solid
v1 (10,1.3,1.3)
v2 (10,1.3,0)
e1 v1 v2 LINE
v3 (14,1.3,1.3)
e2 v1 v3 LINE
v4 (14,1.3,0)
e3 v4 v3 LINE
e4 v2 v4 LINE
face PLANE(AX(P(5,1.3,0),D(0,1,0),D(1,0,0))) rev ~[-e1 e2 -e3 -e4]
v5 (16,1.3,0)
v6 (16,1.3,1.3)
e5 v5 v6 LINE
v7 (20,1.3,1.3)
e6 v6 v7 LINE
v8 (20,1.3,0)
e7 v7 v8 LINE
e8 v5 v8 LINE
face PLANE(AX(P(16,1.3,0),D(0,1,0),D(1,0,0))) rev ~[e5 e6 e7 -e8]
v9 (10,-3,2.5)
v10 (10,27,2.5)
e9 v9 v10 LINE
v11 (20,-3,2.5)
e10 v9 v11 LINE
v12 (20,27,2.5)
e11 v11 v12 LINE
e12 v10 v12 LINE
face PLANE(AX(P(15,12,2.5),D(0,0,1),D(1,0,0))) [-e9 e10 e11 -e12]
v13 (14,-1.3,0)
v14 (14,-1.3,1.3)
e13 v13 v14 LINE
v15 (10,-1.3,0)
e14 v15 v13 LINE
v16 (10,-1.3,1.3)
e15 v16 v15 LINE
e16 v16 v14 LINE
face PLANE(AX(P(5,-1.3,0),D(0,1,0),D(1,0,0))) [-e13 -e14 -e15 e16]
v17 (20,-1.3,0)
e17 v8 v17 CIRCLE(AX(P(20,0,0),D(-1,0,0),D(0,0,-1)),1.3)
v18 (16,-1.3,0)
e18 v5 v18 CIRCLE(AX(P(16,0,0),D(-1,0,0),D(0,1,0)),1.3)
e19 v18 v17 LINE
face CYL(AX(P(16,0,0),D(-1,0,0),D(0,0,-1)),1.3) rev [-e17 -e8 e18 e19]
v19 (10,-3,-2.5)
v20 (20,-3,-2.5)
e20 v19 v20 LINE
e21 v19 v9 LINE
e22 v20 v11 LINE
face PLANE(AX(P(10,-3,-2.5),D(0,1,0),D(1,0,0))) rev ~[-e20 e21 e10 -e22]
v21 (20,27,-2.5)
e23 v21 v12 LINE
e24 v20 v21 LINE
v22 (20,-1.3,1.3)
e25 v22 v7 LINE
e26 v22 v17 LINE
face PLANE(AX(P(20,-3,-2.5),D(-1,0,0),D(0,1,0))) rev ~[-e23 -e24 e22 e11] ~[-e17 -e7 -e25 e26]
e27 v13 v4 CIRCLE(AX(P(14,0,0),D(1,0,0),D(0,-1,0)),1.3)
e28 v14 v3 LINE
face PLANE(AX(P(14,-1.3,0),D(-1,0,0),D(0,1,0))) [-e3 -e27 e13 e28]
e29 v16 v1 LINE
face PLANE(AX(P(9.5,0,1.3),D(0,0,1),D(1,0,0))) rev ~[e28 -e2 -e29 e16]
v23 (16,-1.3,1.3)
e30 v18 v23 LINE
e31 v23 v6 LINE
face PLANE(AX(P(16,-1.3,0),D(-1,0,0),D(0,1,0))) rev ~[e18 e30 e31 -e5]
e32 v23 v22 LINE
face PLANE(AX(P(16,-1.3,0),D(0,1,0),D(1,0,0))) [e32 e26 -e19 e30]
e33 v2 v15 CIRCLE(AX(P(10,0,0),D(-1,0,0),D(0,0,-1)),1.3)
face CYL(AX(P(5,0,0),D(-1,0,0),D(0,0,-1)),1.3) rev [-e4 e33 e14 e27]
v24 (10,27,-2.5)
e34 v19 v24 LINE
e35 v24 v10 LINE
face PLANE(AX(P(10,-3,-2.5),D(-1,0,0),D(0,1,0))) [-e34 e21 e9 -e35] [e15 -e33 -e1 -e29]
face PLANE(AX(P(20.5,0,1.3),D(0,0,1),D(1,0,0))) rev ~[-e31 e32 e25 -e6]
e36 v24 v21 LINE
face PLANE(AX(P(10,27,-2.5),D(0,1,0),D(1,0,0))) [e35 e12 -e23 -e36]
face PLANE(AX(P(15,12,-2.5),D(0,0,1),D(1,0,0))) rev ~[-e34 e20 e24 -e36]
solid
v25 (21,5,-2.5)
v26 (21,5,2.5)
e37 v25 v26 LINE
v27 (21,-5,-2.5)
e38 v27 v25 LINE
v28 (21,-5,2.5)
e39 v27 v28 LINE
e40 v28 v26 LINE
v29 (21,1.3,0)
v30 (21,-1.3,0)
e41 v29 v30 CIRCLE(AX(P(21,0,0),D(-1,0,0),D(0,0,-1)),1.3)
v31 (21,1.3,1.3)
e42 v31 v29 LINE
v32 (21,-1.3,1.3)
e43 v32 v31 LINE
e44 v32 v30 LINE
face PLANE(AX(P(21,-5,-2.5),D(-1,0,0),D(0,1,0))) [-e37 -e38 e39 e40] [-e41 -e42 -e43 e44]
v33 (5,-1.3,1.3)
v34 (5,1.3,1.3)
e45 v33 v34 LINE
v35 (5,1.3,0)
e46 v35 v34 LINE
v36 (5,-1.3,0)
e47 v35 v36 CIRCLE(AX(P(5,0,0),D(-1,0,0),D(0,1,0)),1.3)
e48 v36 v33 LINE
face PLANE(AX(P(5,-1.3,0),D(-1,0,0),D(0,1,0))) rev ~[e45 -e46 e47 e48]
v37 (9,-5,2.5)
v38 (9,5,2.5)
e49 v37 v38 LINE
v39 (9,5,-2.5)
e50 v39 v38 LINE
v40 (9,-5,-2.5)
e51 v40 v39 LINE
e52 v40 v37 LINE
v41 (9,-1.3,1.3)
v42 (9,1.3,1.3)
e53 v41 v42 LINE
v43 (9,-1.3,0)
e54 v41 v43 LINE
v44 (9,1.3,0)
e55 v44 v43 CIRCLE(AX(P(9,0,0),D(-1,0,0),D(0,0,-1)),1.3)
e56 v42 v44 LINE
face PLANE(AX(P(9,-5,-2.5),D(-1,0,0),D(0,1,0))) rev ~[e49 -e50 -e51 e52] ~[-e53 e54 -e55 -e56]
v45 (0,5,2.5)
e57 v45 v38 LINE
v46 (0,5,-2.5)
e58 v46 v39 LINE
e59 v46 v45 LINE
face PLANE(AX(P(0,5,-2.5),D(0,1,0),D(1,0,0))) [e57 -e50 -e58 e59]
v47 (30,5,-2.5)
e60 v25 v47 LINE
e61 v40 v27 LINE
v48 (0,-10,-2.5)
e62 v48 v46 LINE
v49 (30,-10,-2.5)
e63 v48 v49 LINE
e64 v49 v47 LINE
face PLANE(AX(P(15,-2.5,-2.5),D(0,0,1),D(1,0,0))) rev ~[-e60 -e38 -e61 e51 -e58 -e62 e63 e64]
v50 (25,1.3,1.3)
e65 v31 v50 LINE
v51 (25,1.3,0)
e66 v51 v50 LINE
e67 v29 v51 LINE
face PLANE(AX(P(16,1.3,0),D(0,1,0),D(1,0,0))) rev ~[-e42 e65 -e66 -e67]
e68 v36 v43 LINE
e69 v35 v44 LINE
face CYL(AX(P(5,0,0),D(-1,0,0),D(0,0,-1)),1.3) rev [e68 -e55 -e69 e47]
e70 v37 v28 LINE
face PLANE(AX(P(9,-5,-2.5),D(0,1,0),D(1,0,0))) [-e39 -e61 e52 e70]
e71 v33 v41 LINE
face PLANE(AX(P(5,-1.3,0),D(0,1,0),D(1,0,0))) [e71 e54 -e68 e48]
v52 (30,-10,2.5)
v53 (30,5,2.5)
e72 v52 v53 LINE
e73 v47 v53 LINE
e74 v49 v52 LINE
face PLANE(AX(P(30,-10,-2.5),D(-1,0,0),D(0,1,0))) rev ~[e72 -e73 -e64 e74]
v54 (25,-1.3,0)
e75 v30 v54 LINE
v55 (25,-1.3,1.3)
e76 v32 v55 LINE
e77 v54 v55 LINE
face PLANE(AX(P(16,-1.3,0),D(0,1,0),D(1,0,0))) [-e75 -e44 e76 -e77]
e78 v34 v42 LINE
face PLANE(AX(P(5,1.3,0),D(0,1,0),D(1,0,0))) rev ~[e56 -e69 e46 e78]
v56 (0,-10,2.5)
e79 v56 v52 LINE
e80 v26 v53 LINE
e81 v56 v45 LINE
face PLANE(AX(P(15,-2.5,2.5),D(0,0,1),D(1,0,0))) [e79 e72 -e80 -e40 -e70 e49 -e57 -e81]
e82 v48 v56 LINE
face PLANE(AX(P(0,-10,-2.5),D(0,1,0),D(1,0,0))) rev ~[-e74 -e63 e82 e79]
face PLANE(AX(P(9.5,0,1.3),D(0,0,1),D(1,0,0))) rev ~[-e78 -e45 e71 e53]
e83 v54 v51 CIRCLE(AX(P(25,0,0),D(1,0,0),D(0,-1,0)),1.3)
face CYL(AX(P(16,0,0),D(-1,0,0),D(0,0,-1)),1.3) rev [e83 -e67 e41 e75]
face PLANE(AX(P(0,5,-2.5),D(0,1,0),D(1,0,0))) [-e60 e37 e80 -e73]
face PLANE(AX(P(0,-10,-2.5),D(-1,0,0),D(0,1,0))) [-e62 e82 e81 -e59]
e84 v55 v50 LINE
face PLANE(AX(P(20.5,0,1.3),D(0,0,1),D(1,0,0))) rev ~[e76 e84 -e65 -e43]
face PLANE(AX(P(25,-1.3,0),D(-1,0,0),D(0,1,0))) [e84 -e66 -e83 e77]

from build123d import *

# Parameters (mm, degrees)
BOX004_W          = 9
BOX004_H          = 2.6
BOX004_DEPTH      = 1.3
CYLINDER002_R     = 1.3
CYLINDER002_DEPTH = 9
BOX002_W          = 9
BOX002_H          = 2.6
BOX002_DEPTH      = 1.3
CYLINDER001_R     = 1.3
CYLINDER001_DEPTH = 9
BOX001_W          = 10
BOX001_H          = 30
BOX001_DEPTH      = 5
BOX003_W          = 12
BOX003_H          = 30
BOX003_DEPTH      = 5
BOX_W             = 30
BOX_H             = 15
BOX_DEPTH         = 5


with BuildPart() as cube004:
    # Box004 → Box004 (new body)
    with BuildSketch(Plane(origin=(5, -1.3, 0), x_dir=(1, 0, 0), z_dir=(0, 0, 1))):
        with Locations((4.5, 1.3)):
            Rectangle(BOX004_W, BOX004_H)
    extrude(amount=BOX004_DEPTH)


with BuildPart() as fusion001:
    # Cylinder002 → Cylinder002 (new body)
    with BuildSketch(Plane(origin=(5, 0, 0), x_dir=(0, 0, -1), z_dir=(1, 0, 0))):
        Circle(CYLINDER002_R)
    extrude(amount=CYLINDER002_DEPTH)

    # Fusion001: union Cube004
    add(cube004.part)


with BuildPart() as fusion001_1:
    # Fusion001 placement: moved
    add(fusion001.part.moved(Location((11, 0, 0))))


with BuildPart() as cube002:
    # Box002 → Box002 (new body)
    with BuildSketch(Plane(origin=(5, -1.3, 0), x_dir=(1, 0, 0), z_dir=(0, 0, 1))):
        with Locations((4.5, 1.3)):
            Rectangle(BOX002_W, BOX002_H)
    extrude(amount=BOX002_DEPTH)


with BuildPart() as fusion002:
    # Cylinder001 → Cylinder001 (new body)
    with BuildSketch(Plane(origin=(5, 0, 0), x_dir=(0, 0, -1), z_dir=(1, 0, 0))):
        Circle(CYLINDER001_R)
    extrude(amount=CYLINDER001_DEPTH)

    # Fusion: union Cube002
    add(cube002.part)

    # Fusion002: union Fusion001
    add(fusion001_1.part)


with BuildPart() as cube001:
    # Box001 → Box001 (new body)
    with BuildSketch(Plane(origin=(10, -3, -2.5), x_dir=(1, 0, 0), z_dir=(0, 0, 1))):
        with Locations((5, 15)):
            Rectangle(BOX001_W, BOX001_H)
    extrude(amount=BOX001_DEPTH)


with BuildPart() as cube003:
    # Box003 → Box003 (new body)
    with BuildSketch(Plane(origin=(9, -5, -2.5), x_dir=(1, 0, 0), z_dir=(0, 0, 1))):
        with Locations((6, 15)):
            Rectangle(BOX003_W, BOX003_H)
    extrude(amount=BOX003_DEPTH)


with BuildPart() as cut001:
    # Box → Box (new body)
    with BuildSketch(Plane(origin=(0, -10, -2.5), x_dir=(1, 0, 0), z_dir=(0, 0, 1))):
        with Locations((15, 7.5)):
            Rectangle(BOX_W, BOX_H)
    extrude(amount=BOX_DEPTH)

    # Cut: cut Cube003
    add(cube003.part, mode=Mode.SUBTRACT)

    # Fusion003: union Cube001
    add(cube001.part)

    # Cut001: cut Fusion002
    add(fusion002.part, mode=Mode.SUBTRACT)


solid = cut001.part
